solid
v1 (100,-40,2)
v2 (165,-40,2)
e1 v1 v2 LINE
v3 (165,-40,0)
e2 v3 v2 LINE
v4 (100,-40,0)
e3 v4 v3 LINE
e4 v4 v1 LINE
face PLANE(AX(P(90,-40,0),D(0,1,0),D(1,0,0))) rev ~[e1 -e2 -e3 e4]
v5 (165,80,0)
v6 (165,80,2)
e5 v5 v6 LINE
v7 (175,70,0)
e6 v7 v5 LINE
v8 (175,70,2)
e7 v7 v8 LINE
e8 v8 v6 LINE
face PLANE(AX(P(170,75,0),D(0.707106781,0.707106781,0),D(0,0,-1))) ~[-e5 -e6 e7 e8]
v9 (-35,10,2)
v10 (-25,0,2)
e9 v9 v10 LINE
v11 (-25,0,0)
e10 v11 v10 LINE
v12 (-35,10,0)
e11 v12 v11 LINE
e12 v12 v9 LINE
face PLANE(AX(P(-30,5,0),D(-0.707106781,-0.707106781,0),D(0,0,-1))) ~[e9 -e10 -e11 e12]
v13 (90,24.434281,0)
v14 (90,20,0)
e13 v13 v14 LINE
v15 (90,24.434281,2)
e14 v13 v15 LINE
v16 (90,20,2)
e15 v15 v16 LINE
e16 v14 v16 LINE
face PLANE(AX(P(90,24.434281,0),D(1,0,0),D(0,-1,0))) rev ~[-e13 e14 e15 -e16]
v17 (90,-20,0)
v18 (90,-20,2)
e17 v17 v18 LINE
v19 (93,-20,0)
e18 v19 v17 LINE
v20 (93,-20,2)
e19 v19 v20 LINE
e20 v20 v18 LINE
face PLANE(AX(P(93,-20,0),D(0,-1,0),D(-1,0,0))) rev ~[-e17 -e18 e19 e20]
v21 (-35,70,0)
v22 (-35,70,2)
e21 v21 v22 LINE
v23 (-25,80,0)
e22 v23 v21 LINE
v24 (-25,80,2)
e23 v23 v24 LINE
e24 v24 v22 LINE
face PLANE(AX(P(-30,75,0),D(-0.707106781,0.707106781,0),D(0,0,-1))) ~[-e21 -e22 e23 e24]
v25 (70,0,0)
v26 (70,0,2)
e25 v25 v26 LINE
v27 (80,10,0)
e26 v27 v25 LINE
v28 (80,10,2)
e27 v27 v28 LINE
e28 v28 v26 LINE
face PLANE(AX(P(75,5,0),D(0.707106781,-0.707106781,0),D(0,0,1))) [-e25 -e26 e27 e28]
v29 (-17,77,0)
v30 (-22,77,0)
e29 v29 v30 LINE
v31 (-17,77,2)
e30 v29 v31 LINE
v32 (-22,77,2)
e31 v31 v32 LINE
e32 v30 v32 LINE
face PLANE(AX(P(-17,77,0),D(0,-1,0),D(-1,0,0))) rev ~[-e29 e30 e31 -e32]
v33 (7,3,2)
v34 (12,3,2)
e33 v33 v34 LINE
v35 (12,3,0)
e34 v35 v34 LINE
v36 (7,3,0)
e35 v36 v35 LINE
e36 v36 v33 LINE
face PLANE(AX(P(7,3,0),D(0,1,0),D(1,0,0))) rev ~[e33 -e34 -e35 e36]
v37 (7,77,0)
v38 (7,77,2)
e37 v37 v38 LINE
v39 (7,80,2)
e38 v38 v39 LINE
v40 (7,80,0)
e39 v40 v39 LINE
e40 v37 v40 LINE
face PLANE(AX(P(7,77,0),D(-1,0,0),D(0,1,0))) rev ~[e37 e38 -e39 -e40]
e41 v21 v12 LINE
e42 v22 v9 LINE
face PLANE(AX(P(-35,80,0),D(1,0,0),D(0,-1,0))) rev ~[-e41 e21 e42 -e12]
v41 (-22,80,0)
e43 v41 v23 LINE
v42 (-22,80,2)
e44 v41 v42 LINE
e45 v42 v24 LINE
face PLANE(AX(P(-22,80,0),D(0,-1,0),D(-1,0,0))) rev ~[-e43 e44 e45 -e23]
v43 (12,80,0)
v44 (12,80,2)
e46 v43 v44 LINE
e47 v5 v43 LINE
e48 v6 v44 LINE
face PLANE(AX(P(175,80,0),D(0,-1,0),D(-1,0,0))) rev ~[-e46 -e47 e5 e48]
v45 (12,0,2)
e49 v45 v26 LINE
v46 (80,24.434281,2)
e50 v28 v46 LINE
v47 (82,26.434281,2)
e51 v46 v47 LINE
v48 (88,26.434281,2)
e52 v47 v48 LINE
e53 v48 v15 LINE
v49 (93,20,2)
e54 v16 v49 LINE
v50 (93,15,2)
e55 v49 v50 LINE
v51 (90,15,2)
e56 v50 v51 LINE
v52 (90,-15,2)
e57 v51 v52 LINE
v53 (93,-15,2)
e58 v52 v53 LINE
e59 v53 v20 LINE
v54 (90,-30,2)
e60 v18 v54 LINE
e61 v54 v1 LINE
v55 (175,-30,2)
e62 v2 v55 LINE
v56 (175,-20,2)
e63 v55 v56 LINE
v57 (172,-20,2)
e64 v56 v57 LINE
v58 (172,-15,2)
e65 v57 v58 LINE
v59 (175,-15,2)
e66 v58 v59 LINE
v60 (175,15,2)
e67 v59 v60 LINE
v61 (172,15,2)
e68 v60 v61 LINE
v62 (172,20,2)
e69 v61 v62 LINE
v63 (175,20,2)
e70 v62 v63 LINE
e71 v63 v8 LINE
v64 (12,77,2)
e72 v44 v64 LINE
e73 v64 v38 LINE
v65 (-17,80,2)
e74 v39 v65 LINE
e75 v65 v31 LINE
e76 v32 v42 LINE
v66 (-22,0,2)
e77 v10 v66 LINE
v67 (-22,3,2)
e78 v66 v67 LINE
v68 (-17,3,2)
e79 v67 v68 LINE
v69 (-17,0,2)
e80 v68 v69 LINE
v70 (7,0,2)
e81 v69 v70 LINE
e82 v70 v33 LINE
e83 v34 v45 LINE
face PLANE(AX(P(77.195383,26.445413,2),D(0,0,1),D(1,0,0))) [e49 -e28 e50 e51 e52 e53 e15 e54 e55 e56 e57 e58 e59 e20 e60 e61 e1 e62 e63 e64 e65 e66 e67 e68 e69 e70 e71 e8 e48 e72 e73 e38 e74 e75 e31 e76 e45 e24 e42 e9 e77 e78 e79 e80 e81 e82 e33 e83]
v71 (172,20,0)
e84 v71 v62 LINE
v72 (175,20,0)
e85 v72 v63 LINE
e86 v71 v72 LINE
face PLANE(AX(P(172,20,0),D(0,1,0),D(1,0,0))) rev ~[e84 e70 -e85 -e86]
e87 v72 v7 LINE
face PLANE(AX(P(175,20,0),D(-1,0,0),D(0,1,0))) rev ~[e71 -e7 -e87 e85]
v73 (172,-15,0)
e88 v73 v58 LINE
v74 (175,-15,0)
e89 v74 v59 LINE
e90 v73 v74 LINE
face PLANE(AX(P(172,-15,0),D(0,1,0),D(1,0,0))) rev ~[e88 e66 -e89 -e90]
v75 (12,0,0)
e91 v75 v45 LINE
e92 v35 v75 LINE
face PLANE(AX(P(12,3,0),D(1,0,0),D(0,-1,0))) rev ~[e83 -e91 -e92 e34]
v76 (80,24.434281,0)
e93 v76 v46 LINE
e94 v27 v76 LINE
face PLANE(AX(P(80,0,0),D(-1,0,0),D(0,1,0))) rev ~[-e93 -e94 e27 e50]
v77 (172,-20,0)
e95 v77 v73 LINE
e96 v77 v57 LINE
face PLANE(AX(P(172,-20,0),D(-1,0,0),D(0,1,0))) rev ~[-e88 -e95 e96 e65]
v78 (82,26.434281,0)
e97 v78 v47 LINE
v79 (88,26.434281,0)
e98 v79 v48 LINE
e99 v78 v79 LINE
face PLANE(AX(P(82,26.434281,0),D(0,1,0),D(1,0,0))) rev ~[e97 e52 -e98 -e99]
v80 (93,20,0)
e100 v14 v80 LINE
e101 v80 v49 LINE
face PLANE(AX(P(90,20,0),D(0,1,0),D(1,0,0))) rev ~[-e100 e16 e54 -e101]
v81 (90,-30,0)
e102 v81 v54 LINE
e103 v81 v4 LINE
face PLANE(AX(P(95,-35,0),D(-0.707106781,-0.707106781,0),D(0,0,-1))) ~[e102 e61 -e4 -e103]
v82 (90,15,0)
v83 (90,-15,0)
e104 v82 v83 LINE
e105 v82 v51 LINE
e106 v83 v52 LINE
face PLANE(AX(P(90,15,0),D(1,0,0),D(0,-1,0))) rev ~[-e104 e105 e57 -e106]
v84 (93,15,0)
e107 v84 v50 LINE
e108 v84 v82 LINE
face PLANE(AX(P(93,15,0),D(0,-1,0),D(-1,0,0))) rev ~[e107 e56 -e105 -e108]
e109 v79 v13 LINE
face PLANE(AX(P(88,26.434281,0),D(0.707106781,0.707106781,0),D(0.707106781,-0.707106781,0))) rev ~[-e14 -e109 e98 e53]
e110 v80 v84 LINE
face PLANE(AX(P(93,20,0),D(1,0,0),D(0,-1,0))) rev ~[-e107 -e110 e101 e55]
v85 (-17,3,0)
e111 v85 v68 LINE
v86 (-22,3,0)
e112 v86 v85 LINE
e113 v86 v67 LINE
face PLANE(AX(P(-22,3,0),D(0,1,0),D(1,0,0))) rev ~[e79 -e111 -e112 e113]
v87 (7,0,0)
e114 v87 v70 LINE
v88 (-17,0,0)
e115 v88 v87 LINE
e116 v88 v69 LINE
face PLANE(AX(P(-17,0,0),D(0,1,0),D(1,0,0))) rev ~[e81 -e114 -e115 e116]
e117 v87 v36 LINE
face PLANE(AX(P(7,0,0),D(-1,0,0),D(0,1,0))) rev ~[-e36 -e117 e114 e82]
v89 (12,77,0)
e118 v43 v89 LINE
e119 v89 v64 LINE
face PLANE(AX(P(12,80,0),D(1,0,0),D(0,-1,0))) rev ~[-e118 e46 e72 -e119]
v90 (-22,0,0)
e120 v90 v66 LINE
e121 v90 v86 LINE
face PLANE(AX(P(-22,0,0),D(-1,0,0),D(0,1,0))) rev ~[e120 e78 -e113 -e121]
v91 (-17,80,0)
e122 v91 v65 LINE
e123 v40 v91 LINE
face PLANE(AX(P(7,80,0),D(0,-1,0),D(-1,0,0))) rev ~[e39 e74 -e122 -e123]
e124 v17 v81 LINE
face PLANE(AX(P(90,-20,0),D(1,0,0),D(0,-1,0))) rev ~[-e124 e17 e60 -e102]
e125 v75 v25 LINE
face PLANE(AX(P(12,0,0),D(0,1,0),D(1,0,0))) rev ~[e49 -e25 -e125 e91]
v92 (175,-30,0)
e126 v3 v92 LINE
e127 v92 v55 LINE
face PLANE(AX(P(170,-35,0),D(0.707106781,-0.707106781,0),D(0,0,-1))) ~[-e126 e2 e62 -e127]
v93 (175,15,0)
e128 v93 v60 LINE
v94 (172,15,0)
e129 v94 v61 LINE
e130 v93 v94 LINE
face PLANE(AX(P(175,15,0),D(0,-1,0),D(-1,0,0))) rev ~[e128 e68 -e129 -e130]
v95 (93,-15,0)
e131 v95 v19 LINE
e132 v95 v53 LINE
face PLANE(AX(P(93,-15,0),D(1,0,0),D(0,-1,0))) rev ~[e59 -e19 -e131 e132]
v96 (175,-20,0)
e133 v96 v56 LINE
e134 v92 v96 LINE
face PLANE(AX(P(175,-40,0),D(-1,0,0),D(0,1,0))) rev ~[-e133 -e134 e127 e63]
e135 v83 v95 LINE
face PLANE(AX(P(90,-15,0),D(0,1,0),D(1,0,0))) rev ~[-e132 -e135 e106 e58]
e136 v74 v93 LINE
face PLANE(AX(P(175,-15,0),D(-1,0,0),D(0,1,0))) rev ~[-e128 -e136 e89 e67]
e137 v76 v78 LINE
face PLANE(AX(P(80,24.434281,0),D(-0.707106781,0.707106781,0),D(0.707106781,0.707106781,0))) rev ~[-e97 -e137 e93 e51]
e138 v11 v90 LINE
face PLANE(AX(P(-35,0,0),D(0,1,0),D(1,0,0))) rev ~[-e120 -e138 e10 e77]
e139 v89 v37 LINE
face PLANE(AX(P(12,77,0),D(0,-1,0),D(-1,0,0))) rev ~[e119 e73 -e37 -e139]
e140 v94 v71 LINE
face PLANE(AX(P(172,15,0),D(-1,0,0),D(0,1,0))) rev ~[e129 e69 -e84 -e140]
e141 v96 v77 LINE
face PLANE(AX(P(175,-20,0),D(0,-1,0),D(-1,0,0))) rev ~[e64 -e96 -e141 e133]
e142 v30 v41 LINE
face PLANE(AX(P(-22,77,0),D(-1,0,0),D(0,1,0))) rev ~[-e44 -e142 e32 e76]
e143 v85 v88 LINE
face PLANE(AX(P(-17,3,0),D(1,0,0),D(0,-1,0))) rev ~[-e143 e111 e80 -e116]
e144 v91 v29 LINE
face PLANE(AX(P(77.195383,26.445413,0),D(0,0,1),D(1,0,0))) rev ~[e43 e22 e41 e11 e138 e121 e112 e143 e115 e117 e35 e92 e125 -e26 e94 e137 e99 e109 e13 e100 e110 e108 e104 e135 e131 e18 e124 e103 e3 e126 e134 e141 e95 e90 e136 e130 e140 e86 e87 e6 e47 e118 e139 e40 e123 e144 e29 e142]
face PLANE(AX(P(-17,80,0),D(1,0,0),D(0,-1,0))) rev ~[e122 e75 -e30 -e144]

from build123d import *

# Parameters (mm, degrees)
BOSS_EXTRUDE1_DEPTH = 2
CHAMFER1_SIZE       = 10
CHAMFER2_SIZE       = 10


with BuildPart() as part:
    # Sketch1 → Boss-Extrude1 (new body)
    with BuildSketch(Plane.XY):
        Polygon((80, 24.434280886), (82, 26.434280886), (88, 26.434280886), (90, 24.434280886), (90, 20), (93, 20), (93, 15), (90, 15), (90, 0), (90, -15), (93, -15), (93, -20), (90, -20), (90, -40), (175, -40), (175, -20), (172, -20), (172, -15), (175, -15), (175, 0), (175, 15), (172, 15), (172, 20), (175, 20), (175, 80), (12, 80), (12, 77), (7, 77), (7, 80), (-5, 80), (-17, 80), (-17, 77), (-22, 77), (-22, 80), (-35, 80), (-35, 0), (-22, 0), (-22, 3), (-17, 3), (-17, 0), (-5, 0), (7, 0), (7, 3), (12, 3), (12, 0), (80, 0), align=None)
    extrude(amount=BOSS_EXTRUDE1_DEPTH)

    # Chamfer1
    chamfer1_edges = [part.edges().sort_by_distance(p)[0] for p in [
        (-35, 0, 1),
        (-35, 80, 1),
        (175, 80, 1),
        (175, -40, 1),
        (90, -40, 1),
    ]]
    chamfer(chamfer1_edges, length=CHAMFER1_SIZE)

    # Chamfer2
    chamfer2_edges = [part.edges().sort_by_distance(p)[0] for p in [
        (80, 0, 1),
    ]]
    chamfer(chamfer2_edges, length=CHAMFER2_SIZE)


solid = part.part
